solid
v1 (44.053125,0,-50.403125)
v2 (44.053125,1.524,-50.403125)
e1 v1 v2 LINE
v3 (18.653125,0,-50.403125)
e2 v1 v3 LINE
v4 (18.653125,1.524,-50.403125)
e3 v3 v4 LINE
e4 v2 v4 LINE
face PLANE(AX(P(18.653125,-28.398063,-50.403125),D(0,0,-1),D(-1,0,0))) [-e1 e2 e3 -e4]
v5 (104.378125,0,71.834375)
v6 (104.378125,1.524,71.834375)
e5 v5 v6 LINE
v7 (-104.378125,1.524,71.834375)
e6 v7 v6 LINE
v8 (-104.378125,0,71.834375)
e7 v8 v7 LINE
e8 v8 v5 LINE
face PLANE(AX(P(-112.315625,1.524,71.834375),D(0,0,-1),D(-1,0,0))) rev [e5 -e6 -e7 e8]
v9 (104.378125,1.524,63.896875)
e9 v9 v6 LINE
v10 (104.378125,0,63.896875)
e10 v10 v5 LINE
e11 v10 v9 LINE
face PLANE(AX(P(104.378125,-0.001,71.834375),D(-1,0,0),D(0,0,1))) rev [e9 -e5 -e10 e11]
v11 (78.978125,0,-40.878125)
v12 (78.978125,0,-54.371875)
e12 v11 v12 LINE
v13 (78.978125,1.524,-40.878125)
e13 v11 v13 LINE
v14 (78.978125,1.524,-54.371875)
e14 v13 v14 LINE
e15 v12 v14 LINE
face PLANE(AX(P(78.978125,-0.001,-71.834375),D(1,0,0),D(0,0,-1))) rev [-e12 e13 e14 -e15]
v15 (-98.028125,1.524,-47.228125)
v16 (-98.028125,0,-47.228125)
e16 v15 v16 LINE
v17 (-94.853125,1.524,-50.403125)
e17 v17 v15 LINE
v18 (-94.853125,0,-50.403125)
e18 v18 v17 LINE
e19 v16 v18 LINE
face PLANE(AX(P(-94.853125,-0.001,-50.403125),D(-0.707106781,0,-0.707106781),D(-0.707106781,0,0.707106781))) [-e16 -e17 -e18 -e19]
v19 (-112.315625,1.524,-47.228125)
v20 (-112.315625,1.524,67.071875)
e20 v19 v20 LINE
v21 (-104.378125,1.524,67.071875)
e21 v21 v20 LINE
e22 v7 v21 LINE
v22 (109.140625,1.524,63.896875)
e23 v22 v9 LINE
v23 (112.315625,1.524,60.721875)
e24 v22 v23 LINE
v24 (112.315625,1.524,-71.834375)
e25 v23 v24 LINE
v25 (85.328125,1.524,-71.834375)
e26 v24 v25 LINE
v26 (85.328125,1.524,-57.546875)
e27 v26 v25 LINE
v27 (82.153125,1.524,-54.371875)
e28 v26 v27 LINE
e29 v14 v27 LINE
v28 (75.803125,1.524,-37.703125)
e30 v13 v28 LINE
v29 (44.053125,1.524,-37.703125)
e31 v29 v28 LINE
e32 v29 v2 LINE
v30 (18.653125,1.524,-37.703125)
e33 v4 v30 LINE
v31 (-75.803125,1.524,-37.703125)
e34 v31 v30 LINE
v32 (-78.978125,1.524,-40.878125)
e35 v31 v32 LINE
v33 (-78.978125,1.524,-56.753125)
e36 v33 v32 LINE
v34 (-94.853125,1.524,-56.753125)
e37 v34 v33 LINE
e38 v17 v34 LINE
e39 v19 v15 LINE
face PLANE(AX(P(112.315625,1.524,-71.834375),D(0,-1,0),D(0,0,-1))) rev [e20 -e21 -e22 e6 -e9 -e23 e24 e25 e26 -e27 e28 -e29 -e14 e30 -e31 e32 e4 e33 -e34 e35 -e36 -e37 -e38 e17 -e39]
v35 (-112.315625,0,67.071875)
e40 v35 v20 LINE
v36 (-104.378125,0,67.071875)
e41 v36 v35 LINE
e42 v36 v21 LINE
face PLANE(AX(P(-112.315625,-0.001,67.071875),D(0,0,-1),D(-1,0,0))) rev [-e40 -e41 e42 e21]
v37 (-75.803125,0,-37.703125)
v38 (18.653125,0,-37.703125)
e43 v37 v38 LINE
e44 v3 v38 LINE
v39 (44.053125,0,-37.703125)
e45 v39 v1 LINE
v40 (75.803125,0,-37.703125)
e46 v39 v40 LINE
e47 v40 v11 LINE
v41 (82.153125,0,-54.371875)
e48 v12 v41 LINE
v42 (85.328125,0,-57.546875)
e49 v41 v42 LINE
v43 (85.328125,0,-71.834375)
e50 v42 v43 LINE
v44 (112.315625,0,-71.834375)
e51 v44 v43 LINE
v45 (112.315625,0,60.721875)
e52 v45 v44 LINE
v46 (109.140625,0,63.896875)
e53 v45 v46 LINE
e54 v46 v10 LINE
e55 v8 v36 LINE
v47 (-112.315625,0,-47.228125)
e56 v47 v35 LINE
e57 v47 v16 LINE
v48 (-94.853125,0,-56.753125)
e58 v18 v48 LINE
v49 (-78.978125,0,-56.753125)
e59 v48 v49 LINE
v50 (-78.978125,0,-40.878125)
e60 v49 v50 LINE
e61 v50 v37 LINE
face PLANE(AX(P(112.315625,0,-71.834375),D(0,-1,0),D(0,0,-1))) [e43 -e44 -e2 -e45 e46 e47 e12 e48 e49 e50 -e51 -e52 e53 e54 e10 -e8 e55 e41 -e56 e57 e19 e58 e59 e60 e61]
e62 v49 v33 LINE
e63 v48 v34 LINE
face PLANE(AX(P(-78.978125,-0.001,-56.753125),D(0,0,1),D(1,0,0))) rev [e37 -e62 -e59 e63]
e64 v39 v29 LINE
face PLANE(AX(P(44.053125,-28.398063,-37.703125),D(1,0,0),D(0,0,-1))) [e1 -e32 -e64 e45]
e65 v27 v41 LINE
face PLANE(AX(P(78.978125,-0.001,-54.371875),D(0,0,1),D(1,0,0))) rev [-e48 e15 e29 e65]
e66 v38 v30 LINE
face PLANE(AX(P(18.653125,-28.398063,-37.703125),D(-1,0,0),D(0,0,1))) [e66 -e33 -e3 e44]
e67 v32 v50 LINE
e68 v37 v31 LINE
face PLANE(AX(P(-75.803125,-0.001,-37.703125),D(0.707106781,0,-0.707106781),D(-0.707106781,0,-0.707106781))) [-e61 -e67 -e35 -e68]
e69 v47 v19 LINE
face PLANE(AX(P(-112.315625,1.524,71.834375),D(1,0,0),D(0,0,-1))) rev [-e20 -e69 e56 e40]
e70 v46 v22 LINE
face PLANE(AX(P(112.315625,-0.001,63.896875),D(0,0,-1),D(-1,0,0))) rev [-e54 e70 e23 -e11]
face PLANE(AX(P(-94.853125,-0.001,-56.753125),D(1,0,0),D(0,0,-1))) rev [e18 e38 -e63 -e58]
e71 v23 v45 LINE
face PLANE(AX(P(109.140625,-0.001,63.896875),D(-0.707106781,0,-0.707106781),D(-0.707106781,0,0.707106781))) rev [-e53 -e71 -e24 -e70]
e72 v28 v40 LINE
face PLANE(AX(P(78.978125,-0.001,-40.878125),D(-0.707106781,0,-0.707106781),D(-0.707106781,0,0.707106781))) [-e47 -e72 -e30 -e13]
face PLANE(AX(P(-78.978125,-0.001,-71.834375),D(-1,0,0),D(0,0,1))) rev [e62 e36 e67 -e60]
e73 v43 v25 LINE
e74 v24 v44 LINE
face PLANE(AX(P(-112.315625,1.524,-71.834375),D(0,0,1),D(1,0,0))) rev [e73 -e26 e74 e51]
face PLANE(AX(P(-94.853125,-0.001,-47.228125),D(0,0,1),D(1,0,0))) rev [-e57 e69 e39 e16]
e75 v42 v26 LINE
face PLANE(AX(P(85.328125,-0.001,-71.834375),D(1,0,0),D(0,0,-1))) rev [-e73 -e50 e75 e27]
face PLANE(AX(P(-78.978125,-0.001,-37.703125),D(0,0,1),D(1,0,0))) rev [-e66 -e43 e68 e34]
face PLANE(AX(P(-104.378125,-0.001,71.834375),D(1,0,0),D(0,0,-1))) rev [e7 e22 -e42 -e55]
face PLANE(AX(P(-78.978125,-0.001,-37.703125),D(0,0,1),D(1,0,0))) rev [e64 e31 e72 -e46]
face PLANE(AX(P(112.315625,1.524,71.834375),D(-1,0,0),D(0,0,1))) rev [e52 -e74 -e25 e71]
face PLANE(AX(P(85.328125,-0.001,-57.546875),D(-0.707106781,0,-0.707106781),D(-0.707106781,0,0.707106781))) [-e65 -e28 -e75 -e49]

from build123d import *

# Parameters (mm, degrees)
SKETCH1_W           = 224.63125
SKETCH1_H           = 143.66875
BOSS_EXTRUDE1_DEPTH = 1.524
CUT_EXTRUDE1_REACH  = 135.332
SKETCH2_W           = 157.95625
SKETCH2_H           = 34.13125
CHAMFER1_SIZE       = 3.175
SKETCH3_W           = 25.4
SKETCH3_H           = 12.7
BOSS_EXTRUDE2_DEPTH = 1.524
CUT_EXTRUDE2_REACH  = 135.332
CUT_EXTRUDE3_REACH  = 135.332
SKETCH5_W           = 6.35
SKETCH5_H           = 17.4625
CHAMFER2_SIZE       = 3.175
CUT_EXTRUDE4_REACH  = 135.332
SKETCH6_W           = 7.9375
SKETCH6_H           = 4.7625
SKETCH6_H_2         = 7.9375
CHAMFER3_SIZE       = 3.175


with BuildPart() as part:
    # Sketch1 → Boss-Extrude1 (new body)
    with BuildSketch(Plane(origin=(0, 0, 0), x_dir=(1, 0, 0), z_dir=(0, 1, 0))):
        Rectangle(SKETCH1_W, SKETCH1_H)
    extrude(amount=BOSS_EXTRUDE1_DEPTH)

    # Sketch2 → Cut-Extrude1 (cut, up to next)
    with BuildSketch(Plane(origin=(0, 1.524, 0), x_dir=(1, 0, 0), z_dir=(0, 1, 0)), mode=Mode.PRIVATE) as cut_extrude1_sk1:
        with Locations((0, 54.76875)):
            Rectangle(SKETCH2_W, SKETCH2_H)
    cut_extrude1_tool1 = extrude(cut_extrude1_sk1.sketch, amount=-CUT_EXTRUDE1_REACH, mode=Mode.PRIVATE) & part.part
    add(cut_extrude1_tool1.solids().sort_by_distance((0, 1.524, -54.76875))[0], mode=Mode.SUBTRACT)

    # Chamfer1
    chamfer1_edges = [part.edges().sort_by_distance(p)[0] for p in [
        (-78.978125, 0.762, -37.703125),
        (78.978125, 0.762, -37.703125),
    ]]
    chamfer(chamfer1_edges, length=CHAMFER1_SIZE)

    # Sketch3 → Boss-Extrude2 (add)
    with BuildSketch(Plane(origin=(0, 1.524, 0), x_dir=(1, 0, 0), z_dir=(0, 1, 0))):
        with Locations((31.353125, 44.053125)):
            Rectangle(SKETCH3_W, SKETCH3_H)
    extrude(amount=-BOSS_EXTRUDE2_DEPTH)

    # Sketch4 → Cut-Extrude2 (cut, up to next)
    with BuildSketch(Plane(origin=(0, 1.524, 0), x_dir=(1, 0, 0), z_dir=(0, 1, 0)), mode=Mode.PRIVATE) as cut_extrude2_sk1:
        Polygon((-78.978125, 56.753125), (-94.853125, 56.753125), (-94.853125, 47.228125), (-112.315625, 47.228125), (-112.315625, 71.834375), (-78.978125, 71.834375), align=None)
    cut_extrude2_tool1 = extrude(cut_extrude2_sk1.sketch, amount=-CUT_EXTRUDE2_REACH, mode=Mode.PRIVATE) & part.part
    add(cut_extrude2_tool1.solids().sort_by_distance((-97.620039, 1.524, -61.235346))[0], mode=Mode.SUBTRACT)

    # Sketch5 → Cut-Extrude3 (cut, up to next)
    with BuildSketch(Plane(origin=(0, 1.524, 0), x_dir=(1, 0, 0), z_dir=(0, 1, 0)), mode=Mode.PRIVATE) as cut_extrude3_sk1:
        with Locations((82.153125, 63.103125)):
            Rectangle(SKETCH5_W, SKETCH5_H)
    cut_extrude3_tool1 = extrude(cut_extrude3_sk1.sketch, amount=-CUT_EXTRUDE3_REACH, mode=Mode.PRIVATE) & part.part
    add(cut_extrude3_tool1.solids().sort_by_distance((82.153125, 1.524, -63.103125))[0], mode=Mode.SUBTRACT)

    # Chamfer2
    chamfer2_edges = [part.edges().sort_by_distance(p)[0] for p in [
        (-94.853125, 0.762, -47.228125),
        (85.328125, 0.762, -54.371875),
    ]]
    chamfer(chamfer2_edges, length=CHAMFER2_SIZE)

    # Sketch6 → Cut-Extrude4 (cut, up to next)
    with BuildSketch(Plane(origin=(0, 1.524, 0), x_dir=(1, 0, 0), z_dir=(0, 1, 0)), mode=Mode.PRIVATE) as cut_extrude4_sk1:
        with Locations((-108.346875, -69.453125)):
            Rectangle(SKETCH6_W, SKETCH6_H)
    cut_extrude4_tool1 = extrude(cut_extrude4_sk1.sketch, amount=-CUT_EXTRUDE4_REACH, mode=Mode.PRIVATE) & part.part
    # Sketch6 → Cut-Extrude4 (cut, up to next)
    with BuildSketch(Plane(origin=(0, 1.524, 0), x_dir=(1, 0, 0), z_dir=(0, 1, 0)), mode=Mode.PRIVATE) as cut_extrude4_sk2:
        with Locations((108.346875, -67.865625)):
            Rectangle(SKETCH6_W, SKETCH6_H_2)
    cut_extrude4_tool2 = extrude(cut_extrude4_sk2.sketch, amount=-CUT_EXTRUDE4_REACH, mode=Mode.PRIVATE) & part.part
    add(cut_extrude4_tool1.solids().sort_by_distance((-108.346875, 1.524, 69.453125))[0], mode=Mode.SUBTRACT)
    add(cut_extrude4_tool2.solids().sort_by_distance((108.346875, 1.524, 67.865625))[0], mode=Mode.SUBTRACT)

    # Chamfer3
    chamfer3_edges = [part.edges().sort_by_distance(p)[0] for p in [
        (112.315625, 0.762, 63.896875),
    ]]
    chamfer(chamfer3_edges, length=CHAMFER3_SIZE)


solid = part.part
